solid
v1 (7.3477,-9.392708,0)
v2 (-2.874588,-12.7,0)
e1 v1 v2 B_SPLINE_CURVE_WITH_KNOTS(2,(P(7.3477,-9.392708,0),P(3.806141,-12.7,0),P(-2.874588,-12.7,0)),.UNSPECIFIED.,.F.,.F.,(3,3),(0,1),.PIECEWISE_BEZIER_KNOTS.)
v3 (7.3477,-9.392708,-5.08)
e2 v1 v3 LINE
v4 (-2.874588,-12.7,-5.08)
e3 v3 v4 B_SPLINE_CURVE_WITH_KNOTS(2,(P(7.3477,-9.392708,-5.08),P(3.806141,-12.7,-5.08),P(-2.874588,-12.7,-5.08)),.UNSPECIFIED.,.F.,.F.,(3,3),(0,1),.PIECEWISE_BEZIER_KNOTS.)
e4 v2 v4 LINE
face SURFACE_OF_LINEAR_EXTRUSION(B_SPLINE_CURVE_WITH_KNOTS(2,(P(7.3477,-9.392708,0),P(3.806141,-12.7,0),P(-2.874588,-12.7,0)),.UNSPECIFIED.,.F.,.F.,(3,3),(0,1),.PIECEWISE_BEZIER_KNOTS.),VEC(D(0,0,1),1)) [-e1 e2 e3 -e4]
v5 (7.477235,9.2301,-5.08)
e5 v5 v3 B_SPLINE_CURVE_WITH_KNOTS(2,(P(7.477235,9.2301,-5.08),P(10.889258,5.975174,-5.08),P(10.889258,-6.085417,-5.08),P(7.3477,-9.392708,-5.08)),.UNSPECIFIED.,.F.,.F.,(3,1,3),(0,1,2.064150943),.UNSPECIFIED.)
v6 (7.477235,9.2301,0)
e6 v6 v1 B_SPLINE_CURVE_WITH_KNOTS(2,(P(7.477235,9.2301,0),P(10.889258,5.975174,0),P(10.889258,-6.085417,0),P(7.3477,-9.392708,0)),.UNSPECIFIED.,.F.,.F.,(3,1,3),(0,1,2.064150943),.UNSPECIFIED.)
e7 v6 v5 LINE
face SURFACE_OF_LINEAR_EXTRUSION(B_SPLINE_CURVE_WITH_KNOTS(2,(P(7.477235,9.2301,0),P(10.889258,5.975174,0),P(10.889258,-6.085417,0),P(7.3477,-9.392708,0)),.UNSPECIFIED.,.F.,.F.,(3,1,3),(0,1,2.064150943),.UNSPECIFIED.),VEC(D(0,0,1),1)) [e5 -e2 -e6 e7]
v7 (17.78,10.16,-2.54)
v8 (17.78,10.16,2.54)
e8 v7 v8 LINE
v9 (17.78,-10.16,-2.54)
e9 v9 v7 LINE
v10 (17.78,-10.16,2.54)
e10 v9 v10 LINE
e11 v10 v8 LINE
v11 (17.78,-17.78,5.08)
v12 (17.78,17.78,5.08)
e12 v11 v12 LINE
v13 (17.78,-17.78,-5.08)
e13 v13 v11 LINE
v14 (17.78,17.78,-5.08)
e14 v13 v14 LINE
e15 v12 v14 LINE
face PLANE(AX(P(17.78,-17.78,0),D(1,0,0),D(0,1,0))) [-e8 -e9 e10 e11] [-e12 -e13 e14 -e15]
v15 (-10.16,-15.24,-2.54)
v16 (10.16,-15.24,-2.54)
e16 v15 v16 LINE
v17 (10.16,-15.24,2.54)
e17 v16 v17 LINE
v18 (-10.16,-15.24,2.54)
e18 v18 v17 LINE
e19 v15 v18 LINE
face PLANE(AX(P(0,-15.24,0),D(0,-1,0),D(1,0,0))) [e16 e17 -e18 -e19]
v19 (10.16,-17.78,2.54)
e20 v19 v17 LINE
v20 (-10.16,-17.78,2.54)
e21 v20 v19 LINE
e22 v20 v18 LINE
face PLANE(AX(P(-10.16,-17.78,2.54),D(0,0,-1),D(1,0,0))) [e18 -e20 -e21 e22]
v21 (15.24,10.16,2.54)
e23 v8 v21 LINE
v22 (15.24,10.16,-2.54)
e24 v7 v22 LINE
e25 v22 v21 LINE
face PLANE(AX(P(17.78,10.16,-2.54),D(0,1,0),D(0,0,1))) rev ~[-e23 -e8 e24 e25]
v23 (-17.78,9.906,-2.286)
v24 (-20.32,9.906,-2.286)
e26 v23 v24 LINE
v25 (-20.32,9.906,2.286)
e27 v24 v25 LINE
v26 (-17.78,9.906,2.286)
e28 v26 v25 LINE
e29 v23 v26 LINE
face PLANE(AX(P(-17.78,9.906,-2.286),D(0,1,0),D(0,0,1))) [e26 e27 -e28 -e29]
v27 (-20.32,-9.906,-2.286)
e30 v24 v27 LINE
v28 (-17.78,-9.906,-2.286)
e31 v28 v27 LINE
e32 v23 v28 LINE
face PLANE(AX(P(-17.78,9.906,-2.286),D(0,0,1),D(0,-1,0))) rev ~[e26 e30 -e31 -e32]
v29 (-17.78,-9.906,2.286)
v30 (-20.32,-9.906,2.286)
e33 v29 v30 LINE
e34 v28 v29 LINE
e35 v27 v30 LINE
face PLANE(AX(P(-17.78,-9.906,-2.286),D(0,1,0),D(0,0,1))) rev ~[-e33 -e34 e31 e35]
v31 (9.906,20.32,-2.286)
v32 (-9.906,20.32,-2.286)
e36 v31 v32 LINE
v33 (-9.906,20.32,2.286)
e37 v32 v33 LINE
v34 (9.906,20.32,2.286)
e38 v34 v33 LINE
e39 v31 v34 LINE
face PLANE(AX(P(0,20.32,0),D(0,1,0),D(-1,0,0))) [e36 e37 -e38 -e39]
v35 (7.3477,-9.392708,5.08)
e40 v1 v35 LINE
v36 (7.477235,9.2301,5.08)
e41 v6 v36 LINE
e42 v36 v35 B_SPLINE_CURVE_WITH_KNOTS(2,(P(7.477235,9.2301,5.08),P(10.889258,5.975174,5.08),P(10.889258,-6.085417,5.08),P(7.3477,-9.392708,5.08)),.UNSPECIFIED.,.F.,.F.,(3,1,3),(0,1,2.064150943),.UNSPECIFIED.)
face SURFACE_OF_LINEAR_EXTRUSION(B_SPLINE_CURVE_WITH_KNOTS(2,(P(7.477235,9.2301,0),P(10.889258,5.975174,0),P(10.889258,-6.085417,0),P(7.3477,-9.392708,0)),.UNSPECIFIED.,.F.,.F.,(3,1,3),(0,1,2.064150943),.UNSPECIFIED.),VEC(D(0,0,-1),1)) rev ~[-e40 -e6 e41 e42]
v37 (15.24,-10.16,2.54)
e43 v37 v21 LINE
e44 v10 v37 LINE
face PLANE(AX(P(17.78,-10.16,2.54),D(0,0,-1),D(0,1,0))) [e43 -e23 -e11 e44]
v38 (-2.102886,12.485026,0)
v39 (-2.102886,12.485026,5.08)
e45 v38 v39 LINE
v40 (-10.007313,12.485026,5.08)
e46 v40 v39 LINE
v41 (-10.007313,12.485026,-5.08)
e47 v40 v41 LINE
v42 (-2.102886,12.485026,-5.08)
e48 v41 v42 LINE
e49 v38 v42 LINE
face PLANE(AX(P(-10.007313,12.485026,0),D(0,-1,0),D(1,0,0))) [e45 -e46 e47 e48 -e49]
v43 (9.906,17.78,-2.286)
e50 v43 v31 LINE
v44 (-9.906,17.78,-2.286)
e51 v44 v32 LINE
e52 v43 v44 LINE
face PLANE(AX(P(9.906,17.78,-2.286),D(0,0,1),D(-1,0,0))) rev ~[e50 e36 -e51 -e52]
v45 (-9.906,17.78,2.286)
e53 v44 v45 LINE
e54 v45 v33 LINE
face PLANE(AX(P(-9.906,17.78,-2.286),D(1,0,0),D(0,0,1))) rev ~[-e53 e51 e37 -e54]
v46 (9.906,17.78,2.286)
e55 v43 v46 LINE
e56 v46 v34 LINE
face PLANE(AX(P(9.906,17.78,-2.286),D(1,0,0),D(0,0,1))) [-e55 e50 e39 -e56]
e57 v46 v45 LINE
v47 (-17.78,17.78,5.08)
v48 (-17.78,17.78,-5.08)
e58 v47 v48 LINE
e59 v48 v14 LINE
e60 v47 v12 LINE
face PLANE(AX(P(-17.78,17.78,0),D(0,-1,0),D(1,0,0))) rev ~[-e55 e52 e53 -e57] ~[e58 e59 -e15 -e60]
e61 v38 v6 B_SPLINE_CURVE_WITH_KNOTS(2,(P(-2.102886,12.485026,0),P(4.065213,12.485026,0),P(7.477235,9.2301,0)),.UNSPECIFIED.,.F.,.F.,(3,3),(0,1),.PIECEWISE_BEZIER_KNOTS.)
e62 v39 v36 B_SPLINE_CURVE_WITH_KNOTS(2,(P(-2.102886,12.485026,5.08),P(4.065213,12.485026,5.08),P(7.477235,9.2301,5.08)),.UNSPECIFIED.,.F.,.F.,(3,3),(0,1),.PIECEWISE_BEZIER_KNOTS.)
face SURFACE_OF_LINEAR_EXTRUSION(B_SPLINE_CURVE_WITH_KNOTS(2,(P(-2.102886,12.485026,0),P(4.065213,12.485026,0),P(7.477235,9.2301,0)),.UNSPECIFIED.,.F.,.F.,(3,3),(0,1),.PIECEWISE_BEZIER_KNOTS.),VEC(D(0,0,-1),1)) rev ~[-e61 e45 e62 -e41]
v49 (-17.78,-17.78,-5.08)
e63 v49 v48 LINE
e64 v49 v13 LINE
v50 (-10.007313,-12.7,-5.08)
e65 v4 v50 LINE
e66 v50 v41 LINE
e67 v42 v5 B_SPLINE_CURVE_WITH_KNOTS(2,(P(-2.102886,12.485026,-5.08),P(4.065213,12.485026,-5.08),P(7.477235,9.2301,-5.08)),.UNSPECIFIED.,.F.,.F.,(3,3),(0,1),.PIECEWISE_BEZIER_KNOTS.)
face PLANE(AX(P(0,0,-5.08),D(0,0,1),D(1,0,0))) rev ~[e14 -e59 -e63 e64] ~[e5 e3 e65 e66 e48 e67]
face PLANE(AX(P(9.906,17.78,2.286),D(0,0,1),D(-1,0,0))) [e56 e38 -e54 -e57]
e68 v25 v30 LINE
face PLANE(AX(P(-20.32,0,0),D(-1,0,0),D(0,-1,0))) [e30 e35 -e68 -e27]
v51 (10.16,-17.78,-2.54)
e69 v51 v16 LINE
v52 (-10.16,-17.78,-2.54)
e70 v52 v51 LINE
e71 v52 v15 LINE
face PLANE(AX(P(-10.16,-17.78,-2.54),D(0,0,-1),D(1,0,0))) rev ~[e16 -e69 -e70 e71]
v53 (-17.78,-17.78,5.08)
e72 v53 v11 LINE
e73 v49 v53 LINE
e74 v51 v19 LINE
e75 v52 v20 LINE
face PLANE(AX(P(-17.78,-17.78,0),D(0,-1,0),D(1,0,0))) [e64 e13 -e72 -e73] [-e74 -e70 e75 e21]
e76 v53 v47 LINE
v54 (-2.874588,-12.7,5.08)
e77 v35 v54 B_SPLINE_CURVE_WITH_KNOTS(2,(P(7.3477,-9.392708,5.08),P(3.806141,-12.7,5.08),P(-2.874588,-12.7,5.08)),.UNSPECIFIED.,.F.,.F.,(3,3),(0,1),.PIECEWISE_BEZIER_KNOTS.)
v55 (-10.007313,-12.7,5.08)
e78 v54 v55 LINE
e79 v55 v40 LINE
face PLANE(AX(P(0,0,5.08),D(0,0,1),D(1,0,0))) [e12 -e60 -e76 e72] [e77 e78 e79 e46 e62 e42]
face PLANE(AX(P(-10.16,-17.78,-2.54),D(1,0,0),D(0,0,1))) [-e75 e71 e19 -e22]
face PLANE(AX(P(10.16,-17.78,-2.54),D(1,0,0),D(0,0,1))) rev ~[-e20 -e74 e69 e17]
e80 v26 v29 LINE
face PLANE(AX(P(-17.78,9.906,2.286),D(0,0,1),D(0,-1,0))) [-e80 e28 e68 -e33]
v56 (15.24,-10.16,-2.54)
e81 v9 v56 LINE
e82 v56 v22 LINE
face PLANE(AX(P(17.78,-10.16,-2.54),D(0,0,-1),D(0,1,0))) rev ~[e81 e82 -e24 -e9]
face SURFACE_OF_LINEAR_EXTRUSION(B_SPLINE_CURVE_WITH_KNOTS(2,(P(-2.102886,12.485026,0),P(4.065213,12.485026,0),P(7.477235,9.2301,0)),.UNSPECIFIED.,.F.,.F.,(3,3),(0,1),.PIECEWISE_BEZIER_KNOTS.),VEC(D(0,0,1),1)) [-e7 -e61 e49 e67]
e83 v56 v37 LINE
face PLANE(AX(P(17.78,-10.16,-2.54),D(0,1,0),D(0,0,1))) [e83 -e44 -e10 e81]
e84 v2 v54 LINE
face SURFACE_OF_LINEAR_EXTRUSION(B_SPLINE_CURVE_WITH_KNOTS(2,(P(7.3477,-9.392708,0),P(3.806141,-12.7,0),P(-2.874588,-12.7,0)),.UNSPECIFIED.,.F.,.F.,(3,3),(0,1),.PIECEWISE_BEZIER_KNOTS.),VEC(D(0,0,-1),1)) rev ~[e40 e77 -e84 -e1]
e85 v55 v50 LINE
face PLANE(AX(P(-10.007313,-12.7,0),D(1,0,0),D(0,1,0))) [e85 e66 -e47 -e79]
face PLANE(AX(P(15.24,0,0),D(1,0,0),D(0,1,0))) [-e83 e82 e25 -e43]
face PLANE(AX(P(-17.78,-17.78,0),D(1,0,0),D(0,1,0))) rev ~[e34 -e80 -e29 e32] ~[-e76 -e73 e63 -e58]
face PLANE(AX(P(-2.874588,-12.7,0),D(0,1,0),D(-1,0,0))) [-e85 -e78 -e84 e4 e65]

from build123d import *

# Parameters (mm, degrees)
F0_W     = 35.56
F0_H     = 35.56
F1_DEPTH = 5.08
F2_W     = 19.812
F2_H     = 4.572
F3_DEPTH = 2.54
F4_W     = 19.812
F4_H     = 4.572
F5_DEPTH = 2.54
F6_W     = 20.32
F6_H     = 5.08
F7_DEPTH = 2.54
F8_W     = 20.32
F8_H     = 5.08
F9_DEPTH = 2.54


with BuildPart() as f1:
    # F0 (on Top) → F1 (new body, symmetric)
    with BuildSketch(Plane.XY):
        Rectangle(F0_W, F0_H)
        with BuildLine():
            add(Edge.make_bspline(
                [(7.4772352431, 9.2300998264), (10.8892578125, 5.9751736111), (10.8892578125, 0.1322916667)],
                knots=[0, 0, 0, 1, 1, 1], degree=2))
            add(Edge.make_bspline(
                [(10.8892578125, 0.1322916667), (10.8892578125, -6.0854166667), (7.3476996528, -9.3927083333)],
                knots=[0, 0, 0, 1, 1, 1], degree=2))
            add(Edge.make_bspline(
                [(7.3476996528, -9.3927083333), (3.8061414931, -12.7), (-2.8745876736, -12.7)],
                knots=[0, 0, 0, 1, 1, 1], degree=2))
            Line((-2.8745876736, -12.7), (-10.0073133681, -12.7))
            Line((-10.0073133681, -12.7), (-10.0073133681, 12.4850260417))
            Line((-10.0073133681, 12.4850260417), (-2.1028862847, 12.4850260417))
            add(Edge.make_bspline(
                [(-2.1028862847, 12.4850260417), (4.0652126736, 12.4850260417), (7.4772352431, 9.2300998264)],
                knots=[0, 0, 0, 1, 1, 1], degree=2))
        make_face(mode=Mode.SUBTRACT)
    extrude(amount=F1_DEPTH, both=True)

    # F2 (on face) → F3 (join)
    with BuildSketch(Plane(origin=(0, 17.78, 0), x_dir=(-1, 0, 0), z_dir=(0, 1, 0))):
        Rectangle(F2_W, F2_H)
    extrude(amount=F3_DEPTH)

    # F4 (on face) → F5 (join)
    with BuildSketch(Plane(origin=(-17.78, 0, 0), x_dir=(0, -1, 0), z_dir=(-1, 0, 0))):
        Rectangle(F4_W, F4_H)
    extrude(amount=F5_DEPTH)

    # F6 (on face) → F7 (cut)
    with BuildSketch(Plane.XZ.offset(17.78)):
        Rectangle(F6_W, F6_H)
    extrude(amount=-F7_DEPTH, mode=Mode.SUBTRACT)

    # F8 (on face) → F9 (cut)
    with BuildSketch(Plane.YZ.offset(17.78)):
        Rectangle(F8_W, F8_H)
    extrude(amount=-F9_DEPTH, mode=Mode.SUBTRACT)


solid = f1.part
